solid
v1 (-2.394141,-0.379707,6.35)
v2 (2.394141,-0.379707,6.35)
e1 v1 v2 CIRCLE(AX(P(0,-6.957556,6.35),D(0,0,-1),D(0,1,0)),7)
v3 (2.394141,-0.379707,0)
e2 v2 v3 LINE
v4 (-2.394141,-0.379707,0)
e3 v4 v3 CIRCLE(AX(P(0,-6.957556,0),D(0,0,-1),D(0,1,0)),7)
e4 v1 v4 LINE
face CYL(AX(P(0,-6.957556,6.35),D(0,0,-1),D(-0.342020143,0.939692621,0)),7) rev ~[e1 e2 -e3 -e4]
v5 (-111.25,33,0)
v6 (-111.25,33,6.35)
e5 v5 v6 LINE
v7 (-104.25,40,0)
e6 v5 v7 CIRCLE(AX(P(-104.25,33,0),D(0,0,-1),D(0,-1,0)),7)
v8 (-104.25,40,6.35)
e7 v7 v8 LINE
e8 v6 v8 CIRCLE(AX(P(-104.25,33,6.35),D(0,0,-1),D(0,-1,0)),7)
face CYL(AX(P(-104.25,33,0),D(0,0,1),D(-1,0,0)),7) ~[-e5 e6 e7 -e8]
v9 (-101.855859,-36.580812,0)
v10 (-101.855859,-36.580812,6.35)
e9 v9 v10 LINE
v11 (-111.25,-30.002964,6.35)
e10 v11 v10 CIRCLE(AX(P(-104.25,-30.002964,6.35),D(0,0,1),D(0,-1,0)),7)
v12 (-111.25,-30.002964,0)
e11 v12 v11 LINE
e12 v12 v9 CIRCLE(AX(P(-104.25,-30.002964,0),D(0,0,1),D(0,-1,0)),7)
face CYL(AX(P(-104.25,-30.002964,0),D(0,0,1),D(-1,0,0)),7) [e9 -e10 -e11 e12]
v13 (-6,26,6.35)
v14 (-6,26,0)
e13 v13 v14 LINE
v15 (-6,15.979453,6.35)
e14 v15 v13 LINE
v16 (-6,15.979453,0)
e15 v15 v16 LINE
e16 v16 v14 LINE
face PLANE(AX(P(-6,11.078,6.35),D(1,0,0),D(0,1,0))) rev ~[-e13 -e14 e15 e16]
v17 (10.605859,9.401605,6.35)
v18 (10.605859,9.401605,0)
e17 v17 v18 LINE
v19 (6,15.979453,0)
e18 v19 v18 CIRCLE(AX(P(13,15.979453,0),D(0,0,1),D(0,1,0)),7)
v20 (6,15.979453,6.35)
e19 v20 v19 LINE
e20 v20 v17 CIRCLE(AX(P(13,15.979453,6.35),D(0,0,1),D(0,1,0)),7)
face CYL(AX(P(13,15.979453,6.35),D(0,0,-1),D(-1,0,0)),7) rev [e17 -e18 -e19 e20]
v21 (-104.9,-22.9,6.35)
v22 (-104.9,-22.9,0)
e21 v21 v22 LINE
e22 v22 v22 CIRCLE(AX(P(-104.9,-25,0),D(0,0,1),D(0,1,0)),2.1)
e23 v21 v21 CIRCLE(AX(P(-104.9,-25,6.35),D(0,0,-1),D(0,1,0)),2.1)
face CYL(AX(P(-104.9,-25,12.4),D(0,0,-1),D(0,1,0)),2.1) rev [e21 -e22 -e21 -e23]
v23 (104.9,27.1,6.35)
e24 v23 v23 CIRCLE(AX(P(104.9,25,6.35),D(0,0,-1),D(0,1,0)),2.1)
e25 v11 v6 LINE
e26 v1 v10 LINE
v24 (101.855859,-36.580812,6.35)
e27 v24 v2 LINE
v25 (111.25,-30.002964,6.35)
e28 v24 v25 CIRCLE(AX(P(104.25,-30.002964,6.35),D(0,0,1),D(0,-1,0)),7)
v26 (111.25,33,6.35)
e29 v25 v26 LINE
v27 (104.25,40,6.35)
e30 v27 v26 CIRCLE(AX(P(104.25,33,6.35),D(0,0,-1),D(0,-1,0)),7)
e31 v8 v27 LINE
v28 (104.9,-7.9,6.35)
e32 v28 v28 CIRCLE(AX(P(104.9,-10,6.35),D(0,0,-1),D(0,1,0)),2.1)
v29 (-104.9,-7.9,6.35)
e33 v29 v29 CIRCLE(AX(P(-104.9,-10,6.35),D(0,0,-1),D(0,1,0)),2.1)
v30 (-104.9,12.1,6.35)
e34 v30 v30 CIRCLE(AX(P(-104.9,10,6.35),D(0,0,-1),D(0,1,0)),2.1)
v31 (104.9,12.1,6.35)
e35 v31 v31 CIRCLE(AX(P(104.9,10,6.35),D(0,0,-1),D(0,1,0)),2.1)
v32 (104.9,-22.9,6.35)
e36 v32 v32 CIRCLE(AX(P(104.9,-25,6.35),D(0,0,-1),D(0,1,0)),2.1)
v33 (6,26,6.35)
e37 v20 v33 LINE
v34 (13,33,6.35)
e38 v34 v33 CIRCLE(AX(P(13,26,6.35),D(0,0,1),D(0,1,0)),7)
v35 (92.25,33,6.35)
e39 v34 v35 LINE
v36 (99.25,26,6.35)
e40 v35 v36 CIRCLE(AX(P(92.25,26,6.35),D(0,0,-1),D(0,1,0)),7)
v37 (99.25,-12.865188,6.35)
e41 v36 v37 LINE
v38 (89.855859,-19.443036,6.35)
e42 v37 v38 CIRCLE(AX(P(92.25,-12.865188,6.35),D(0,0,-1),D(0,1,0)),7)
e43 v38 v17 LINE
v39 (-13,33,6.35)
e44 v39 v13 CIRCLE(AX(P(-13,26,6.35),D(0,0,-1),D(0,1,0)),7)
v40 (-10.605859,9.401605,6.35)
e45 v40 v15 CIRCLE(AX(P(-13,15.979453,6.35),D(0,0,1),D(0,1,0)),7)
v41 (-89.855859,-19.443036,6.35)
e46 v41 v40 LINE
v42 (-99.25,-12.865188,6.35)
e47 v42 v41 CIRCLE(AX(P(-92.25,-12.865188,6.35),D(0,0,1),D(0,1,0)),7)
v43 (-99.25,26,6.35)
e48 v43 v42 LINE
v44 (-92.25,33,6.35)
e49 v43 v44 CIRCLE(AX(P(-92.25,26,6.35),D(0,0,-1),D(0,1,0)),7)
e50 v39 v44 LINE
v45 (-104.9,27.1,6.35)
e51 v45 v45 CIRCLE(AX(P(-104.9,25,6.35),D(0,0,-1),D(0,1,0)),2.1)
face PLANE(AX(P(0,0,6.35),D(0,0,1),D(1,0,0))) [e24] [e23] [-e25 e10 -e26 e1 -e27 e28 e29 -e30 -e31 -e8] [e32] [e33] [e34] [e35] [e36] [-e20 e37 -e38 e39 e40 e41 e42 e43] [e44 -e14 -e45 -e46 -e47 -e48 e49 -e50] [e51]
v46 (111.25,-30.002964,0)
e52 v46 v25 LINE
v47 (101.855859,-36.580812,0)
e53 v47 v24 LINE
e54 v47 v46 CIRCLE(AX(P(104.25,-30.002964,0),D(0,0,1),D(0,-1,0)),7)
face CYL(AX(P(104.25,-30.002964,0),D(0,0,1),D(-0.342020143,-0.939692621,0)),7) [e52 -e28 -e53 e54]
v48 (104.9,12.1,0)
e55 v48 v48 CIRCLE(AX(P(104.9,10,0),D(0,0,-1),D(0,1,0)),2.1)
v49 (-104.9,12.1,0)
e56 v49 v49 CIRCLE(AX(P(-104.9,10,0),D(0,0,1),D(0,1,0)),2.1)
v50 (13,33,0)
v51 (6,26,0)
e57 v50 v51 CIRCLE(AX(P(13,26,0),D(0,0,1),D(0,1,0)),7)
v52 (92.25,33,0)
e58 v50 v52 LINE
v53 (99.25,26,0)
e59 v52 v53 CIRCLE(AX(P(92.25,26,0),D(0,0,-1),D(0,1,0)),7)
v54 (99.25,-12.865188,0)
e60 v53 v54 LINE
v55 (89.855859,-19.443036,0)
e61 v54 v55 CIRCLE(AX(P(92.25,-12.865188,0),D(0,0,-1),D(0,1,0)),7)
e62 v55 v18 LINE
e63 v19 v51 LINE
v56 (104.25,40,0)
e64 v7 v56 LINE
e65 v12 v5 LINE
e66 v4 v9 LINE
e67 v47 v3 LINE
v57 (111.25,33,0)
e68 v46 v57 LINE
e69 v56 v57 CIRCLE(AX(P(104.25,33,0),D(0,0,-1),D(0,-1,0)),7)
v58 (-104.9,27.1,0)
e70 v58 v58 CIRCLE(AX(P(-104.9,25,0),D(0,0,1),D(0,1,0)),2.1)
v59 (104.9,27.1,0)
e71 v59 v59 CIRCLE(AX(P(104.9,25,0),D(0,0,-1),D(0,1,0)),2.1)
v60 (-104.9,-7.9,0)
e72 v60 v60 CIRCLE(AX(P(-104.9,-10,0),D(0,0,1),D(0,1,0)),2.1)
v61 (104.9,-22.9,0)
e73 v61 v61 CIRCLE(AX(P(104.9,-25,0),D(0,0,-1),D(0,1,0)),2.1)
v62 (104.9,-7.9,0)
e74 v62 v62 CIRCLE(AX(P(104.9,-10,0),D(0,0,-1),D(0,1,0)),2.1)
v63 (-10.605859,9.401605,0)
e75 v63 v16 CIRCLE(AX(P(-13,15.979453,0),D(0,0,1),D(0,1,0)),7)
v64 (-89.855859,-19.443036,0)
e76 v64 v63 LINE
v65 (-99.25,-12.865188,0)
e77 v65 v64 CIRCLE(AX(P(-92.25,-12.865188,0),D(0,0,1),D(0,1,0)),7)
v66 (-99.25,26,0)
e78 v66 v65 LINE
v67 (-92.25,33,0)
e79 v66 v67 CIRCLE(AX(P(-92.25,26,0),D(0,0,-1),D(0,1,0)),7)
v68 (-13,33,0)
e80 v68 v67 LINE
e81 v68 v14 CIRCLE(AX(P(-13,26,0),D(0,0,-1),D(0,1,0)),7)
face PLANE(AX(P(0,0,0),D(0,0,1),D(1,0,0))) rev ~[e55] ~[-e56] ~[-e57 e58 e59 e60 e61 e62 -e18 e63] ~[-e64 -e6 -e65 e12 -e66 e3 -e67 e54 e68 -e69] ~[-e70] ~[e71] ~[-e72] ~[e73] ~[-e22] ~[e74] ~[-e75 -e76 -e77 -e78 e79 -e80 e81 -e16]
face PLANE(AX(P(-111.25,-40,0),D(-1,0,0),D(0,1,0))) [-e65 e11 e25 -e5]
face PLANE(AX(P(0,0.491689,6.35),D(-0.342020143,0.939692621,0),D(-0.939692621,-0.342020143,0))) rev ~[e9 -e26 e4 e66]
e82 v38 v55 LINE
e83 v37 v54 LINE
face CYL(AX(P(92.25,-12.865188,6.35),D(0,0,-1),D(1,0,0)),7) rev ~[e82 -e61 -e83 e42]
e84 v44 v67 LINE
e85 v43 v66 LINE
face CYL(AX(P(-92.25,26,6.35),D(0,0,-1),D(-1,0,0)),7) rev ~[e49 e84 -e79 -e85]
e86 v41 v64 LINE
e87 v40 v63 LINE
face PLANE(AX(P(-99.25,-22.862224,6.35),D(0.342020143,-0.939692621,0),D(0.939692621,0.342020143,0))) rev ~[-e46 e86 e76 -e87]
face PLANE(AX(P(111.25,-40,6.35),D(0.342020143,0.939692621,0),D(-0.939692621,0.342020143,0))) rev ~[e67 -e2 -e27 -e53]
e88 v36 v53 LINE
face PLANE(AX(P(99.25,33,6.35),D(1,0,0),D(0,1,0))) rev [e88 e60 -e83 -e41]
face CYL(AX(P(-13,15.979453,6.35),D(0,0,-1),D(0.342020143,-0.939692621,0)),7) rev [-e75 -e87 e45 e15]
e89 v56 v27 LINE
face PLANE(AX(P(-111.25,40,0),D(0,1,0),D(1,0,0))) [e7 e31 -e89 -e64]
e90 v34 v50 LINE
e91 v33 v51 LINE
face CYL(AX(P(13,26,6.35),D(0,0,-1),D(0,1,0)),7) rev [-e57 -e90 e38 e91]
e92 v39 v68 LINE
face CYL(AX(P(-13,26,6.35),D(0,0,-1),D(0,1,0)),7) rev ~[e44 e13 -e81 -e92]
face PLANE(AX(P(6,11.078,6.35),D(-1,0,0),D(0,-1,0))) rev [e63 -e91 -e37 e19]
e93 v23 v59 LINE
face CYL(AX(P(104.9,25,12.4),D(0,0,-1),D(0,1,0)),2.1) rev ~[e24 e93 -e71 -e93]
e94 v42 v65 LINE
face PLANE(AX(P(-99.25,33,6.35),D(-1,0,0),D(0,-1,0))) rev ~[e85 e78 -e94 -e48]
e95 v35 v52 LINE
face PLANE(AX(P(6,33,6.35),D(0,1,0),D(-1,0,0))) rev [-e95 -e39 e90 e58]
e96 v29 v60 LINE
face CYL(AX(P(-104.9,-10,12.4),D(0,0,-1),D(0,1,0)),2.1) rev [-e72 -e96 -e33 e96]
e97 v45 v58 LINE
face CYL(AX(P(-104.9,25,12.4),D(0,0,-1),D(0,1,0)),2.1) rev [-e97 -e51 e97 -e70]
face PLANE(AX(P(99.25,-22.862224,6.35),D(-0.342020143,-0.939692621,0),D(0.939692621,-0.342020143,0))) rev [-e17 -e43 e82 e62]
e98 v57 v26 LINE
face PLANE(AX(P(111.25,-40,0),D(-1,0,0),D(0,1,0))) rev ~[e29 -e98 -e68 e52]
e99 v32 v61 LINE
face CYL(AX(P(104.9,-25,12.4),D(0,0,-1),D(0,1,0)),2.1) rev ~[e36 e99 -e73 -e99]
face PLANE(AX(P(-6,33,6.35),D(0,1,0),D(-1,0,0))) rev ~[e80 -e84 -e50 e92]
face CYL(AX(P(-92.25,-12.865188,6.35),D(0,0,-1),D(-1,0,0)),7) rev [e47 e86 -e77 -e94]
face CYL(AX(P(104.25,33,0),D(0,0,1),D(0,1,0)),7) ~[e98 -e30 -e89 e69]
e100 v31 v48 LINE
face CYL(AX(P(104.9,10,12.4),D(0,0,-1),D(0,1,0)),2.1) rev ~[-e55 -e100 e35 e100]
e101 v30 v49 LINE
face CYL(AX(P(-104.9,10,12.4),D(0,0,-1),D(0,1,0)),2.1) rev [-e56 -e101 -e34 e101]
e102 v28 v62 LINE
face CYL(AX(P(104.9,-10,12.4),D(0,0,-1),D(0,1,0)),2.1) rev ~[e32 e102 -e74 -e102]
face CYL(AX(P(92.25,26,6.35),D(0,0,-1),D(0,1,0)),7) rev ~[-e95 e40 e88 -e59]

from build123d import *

# Parameters (mm, degrees)
SKETCH1_W                      = 222.5
SKETCH1_H                      = 80
BOSS_EXTRUDE1_DEPTH            = 6.35
CUT_EXTRUDE1_DEPTH             = 119.392926309
CUT_EXTRUDE2_DEPTH             = 119.392926309
M5X0_8_TAPPED_HOLE1_AT_2_COUNT = 2
M5X0_8_TAPPED_HOLE1_AT_2_PITCH = 15
M5X0_8_TAPPED_HOLE1_AT_3_COUNT = 2
M5X0_8_TAPPED_HOLE1_AT_3_PITCH = 50
M5X0_8_TAPPED_HOLE1_AT_4_COUNT = 2
M5X0_8_TAPPED_HOLE1_AT_4_PITCH = 35
FILLET1_R                      = 7


with BuildPart() as part:
    # Sketch1 → Boss-Extrude1 (new body)
    with BuildSketch(Plane.XY):
        Rectangle(SKETCH1_W, SKETCH1_H)
    extrude(amount=BOSS_EXTRUDE1_DEPTH)

    # Sketch2 → Cut-Extrude1 (cut, through all)
    with BuildSketch(Plane.XY.offset(6.35)):
        Polygon((111.25, -40), (0, 0.491688562), (-111.25, -40), align=None)
    extrude(amount=-CUT_EXTRUDE1_DEPTH, mode=Mode.SUBTRACT)

    # Sketch3 → Cut-Extrude2 (cut, through all)
    with BuildSketch(Plane.XY.offset(6.35)):
        Polygon((-99.25, 33), (-99.25, -22.862223919), (-6, 11.078000426), (-6, 33), align=None)
    cut_extrude2 = extrude(amount=-CUT_EXTRUDE2_DEPTH, mode=Mode.SUBTRACT)

    # Sketch4 → M5x0.8 Tapped Hole1 (revolve, cut)
    with BuildSketch(Plane(origin=(-104.9, -25, 0), x_dir=(0, 1, 0), z_dir=(1, 0, 0))):
        Polygon((0, 0), (0, 13.6618073), (2.1, 12.4), (2.1, 0), align=None)
    m5x0_8_tapped_hole1 = revolve(axis=Axis((-104.9, -25, -6.35), (0, 0, 1)), mode=Mode.SUBTRACT)

    # M5x0.8 Tapped Hole1 at 2: M5x0.8 Tapped Hole1 ×2
    with Locations(*[(0, i * M5X0_8_TAPPED_HOLE1_AT_2_PITCH, 0) for i in range(1, M5X0_8_TAPPED_HOLE1_AT_2_COUNT)]):
        add(m5x0_8_tapped_hole1, mode=Mode.SUBTRACT)

    # M5x0.8 Tapped Hole1 at 3: M5x0.8 Tapped Hole1 ×2
    with Locations(*[(0, i * M5X0_8_TAPPED_HOLE1_AT_3_PITCH, 0) for i in range(1, M5X0_8_TAPPED_HOLE1_AT_3_COUNT)]):
        add(m5x0_8_tapped_hole1, mode=Mode.SUBTRACT)

    # M5x0.8 Tapped Hole1 at 4: M5x0.8 Tapped Hole1 ×2
    with Locations(*[(0, i * M5X0_8_TAPPED_HOLE1_AT_4_PITCH, 0) for i in range(1, M5X0_8_TAPPED_HOLE1_AT_4_COUNT)]):
        add(m5x0_8_tapped_hole1, mode=Mode.SUBTRACT)

    # Mirror1: Cut-Extrude2, M5x0.8 Tapped Hole1 across plane
    add(cut_extrude2.mirror(Plane(origin=(0, 0, 0), x_dir=(0, 0, 1), z_dir=(1, 0, 0))), mode=Mode.SUBTRACT)
    add(m5x0_8_tapped_hole1.mirror(Plane(origin=(0, 0, 0), x_dir=(0, 0, 1), z_dir=(1, 0, 0))), mode=Mode.SUBTRACT)

    # Mirror1 copy 1 sketch → Mirror1 copy 1 (revolve, cut)
    with BuildSketch(Plane(origin=(104.9, -10, 0), x_dir=(0, 1, 0), z_dir=(-1, 0, 0))):
        Polygon((0, 0), (0, -13.6618073), (2.1, -12.4), (2.1, 0), align=None)
    revolve(axis=Axis((104.9, -10, -6.35), (0, 0, -1)), mode=Mode.SUBTRACT)

    # Mirror1 copy 2 sketch → Mirror1 copy 2 (revolve, cut)
    with BuildSketch(Plane(origin=(104.9, 25, 0), x_dir=(0, 1, 0), z_dir=(-1, 0, 0))):
        Polygon((0, 0), (0, -13.6618073), (2.1, -12.4), (2.1, 0), align=None)
    revolve(axis=Axis((104.9, 25, -6.35), (0, 0, -1)), mode=Mode.SUBTRACT)

    # Mirror1 copy 3 sketch → Mirror1 copy 3 (revolve, cut)
    with BuildSketch(Plane(origin=(104.9, 10, 0), x_dir=(0, 1, 0), z_dir=(-1, 0, 0))):
        Polygon((0, 0), (0, -13.6618073), (2.1, -12.4), (2.1, 0), align=None)
    revolve(axis=Axis((104.9, 10, -6.35), (0, 0, -1)), mode=Mode.SUBTRACT)

    # Fillet1
    fillet1_edges = [part.edges().sort_by_distance(p)[0] for p in [
        (0, 0.491688562, 3.175),
        (-99.25, 33, 3.175),
        (-6, 33, 3.175),
        (-6, 11.078000426, 3.175),
        (-99.25, -22.862223919, 3.175),
        (6, 33, 3.175),
        (99.25, 33, 3.175),
        (99.25, -22.862223919, 3.175),
        (6, 11.078000426, 3.175),
        (111.25, -40, 3.175),
        (-111.25, -40, 3.175),
        (-111.25, 40, 3.175),
        (111.25, 40, 3.175),
    ]]
    fillet(fillet1_edges, radius=FILLET1_R)


solid = part.part
